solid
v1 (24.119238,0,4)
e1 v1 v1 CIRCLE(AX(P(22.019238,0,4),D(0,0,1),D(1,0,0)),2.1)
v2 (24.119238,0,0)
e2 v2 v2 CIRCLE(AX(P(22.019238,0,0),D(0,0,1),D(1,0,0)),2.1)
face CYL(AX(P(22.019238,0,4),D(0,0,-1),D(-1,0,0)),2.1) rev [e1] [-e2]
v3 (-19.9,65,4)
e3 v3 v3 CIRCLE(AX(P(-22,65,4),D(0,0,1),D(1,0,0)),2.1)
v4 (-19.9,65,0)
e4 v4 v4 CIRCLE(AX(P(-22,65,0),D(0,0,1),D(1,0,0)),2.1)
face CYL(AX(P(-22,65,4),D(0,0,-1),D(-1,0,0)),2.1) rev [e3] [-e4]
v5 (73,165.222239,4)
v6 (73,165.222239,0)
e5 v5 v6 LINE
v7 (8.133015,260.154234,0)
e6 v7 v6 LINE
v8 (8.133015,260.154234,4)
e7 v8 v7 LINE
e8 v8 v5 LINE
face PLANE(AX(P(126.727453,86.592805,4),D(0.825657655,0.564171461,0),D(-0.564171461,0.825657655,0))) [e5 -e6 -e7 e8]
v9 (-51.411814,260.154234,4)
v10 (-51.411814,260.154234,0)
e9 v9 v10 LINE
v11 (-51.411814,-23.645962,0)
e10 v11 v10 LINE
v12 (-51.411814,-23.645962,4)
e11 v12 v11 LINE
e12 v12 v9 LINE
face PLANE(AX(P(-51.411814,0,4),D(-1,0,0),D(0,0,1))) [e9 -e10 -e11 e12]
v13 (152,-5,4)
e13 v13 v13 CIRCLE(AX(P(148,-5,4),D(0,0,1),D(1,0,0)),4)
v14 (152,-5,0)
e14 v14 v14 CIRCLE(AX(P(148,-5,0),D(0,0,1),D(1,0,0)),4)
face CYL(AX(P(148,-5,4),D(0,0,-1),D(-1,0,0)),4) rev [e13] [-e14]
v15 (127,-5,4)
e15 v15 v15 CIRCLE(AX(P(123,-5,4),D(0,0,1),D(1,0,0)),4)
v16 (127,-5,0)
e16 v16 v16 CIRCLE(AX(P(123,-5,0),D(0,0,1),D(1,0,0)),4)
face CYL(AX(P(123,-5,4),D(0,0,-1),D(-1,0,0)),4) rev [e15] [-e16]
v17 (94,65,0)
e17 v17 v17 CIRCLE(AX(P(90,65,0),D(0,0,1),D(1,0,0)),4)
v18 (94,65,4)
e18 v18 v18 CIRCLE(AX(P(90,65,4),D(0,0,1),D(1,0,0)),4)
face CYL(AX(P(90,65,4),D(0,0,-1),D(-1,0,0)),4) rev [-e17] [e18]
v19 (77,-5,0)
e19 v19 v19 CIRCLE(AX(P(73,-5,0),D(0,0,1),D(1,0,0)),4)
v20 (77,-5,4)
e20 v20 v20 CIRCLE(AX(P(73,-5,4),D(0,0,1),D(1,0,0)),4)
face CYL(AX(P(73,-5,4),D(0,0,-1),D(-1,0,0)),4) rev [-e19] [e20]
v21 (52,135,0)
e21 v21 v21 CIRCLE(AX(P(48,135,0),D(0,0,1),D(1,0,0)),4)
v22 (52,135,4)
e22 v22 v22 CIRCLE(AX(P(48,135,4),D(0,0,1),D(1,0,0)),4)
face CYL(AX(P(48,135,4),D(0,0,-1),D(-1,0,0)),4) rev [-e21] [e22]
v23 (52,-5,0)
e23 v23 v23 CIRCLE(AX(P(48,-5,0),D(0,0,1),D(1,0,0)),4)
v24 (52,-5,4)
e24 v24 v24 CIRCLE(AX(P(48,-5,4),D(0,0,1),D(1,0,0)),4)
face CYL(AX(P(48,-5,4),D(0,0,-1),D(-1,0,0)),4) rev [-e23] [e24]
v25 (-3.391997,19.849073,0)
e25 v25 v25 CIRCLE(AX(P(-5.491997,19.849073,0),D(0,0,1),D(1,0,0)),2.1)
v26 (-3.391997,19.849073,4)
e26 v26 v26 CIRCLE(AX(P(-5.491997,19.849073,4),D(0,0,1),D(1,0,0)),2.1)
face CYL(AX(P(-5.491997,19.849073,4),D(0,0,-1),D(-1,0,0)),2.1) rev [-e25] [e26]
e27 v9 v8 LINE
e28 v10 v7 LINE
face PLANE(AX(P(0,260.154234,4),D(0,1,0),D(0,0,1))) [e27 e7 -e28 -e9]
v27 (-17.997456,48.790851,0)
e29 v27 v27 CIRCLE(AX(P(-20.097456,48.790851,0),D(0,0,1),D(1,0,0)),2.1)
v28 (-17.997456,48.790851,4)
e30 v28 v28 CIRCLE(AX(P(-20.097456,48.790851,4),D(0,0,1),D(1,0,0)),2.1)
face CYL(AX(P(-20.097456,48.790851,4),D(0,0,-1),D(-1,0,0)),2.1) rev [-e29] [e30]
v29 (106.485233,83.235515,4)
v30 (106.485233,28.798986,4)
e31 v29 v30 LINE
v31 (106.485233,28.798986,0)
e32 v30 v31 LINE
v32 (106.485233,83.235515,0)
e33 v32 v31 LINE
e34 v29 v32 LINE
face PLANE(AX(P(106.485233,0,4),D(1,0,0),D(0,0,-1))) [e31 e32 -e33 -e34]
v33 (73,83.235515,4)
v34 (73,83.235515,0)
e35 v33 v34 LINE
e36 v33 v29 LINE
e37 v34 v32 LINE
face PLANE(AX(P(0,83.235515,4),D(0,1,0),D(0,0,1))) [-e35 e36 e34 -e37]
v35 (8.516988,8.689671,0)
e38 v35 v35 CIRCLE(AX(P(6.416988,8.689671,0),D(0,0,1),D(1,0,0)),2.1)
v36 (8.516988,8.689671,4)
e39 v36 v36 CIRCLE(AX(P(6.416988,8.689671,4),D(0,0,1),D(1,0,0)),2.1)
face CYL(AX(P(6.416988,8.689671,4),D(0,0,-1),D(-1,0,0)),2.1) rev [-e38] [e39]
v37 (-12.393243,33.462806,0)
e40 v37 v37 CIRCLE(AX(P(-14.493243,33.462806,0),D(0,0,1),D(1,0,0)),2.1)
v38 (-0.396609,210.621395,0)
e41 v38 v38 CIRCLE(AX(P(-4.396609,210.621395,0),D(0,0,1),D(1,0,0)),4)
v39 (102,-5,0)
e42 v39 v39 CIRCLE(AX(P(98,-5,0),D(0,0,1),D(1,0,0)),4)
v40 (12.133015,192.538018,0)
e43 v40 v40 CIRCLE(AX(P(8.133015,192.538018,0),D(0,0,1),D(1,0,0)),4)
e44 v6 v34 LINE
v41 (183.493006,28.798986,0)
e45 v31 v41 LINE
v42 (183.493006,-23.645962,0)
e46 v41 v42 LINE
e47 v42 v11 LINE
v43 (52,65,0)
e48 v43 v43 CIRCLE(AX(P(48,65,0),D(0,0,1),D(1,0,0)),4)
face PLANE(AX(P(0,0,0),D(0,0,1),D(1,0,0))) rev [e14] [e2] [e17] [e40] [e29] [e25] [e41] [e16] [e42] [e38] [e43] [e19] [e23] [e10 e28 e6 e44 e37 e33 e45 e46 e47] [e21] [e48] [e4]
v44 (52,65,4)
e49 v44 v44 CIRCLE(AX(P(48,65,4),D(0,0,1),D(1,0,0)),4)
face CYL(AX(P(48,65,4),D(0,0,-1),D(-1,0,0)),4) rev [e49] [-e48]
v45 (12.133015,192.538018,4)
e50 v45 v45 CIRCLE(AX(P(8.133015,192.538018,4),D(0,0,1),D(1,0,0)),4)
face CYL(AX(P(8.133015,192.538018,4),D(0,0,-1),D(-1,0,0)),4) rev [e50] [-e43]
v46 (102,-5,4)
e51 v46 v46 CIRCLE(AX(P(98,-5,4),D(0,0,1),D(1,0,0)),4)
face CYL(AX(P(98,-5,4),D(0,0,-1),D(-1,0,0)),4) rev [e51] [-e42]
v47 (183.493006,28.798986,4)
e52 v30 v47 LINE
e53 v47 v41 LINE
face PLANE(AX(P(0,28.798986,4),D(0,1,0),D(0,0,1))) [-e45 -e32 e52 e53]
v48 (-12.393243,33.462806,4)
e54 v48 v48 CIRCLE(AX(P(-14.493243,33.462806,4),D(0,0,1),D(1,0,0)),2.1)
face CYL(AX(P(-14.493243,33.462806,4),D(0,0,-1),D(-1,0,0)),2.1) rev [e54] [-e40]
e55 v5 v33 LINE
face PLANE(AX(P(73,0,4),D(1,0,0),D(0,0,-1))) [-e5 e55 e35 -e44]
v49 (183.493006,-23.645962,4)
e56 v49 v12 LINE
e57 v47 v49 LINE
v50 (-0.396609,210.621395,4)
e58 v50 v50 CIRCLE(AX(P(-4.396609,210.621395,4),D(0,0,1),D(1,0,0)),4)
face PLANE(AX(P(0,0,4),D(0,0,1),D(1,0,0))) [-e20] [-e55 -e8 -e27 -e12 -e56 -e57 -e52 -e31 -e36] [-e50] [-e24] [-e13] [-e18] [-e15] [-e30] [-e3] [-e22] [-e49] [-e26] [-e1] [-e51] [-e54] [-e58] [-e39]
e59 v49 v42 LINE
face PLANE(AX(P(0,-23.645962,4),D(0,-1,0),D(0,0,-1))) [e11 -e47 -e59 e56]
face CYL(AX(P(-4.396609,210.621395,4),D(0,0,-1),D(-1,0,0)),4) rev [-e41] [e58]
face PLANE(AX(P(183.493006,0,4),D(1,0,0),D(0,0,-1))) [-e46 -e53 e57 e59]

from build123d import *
from build123d.topology import SkipClean

# Parameters (mm, degrees)
SKETCH_2_R          = 2.1
SKETCH_2_R_2        = 4
EXTRUDE_2_DEPTH     = 4
SKETCH_2_4_R        = 2.1
SKETCH_2_4_R_2      = 4
CUT_EXTRUDE_1_DEPTH = 15


with BuildPart() as part:
    # 草图2 → 凸台-拉伸2 (new body)
    with BuildSketch(Plane.XY):
        Polygon((-51.411814067, -23.645961981), (183.493005706, -23.645961981), (183.493005706, 28.798986499), (106.485233254, 28.798986499), (106.485233254, 83.235515302), (73, 83.235515302), (73, 165.222238559), (8.133015227, 260.154233909), (-51.411814067, 260.154233909), align=None)
        with Locations((6.416988046, 8.689671313)):
            Circle(SKETCH_2_R, mode=Mode.SUBTRACT)
        with Locations((-5.491997211, 19.849072718)):
            Circle(SKETCH_2_R, mode=Mode.SUBTRACT)
        with Locations((-14.493242982, 33.462806377)):
            Circle(SKETCH_2_R, mode=Mode.SUBTRACT)
        with BuildLine():
            Line((24.119237886, 0), (22.019237886, 0))
            ThreePointArc((22.019237886, 0), (22.997160887, -0.38239852), (23.980709842, -0.750085173))
            ThreePointArc((23.980709842, -0.750085173), (19.954160272, 0.381384906), (24.119237886, 0))
        make_face(mode=Mode.SUBTRACT)
        with BuildLine():
            ThreePointArc((52, -5), (47.94285131, -8.999591733), (44.001632986, -4.885714286))
            ThreePointArc((44.001632986, -4.885714286), (46, -4.971422738), (48, -5))
            Line((48, -5), (52, -5))
        make_face(mode=Mode.SUBTRACT)
        with Locations((-22, 65)):
            Circle(SKETCH_2_R, mode=Mode.SUBTRACT)
        with Locations((-20.097455932, 48.790851483)):
            Circle(SKETCH_2_R, mode=Mode.SUBTRACT)
        with Locations((48, 65)):
            Circle(SKETCH_2_R_2, mode=Mode.SUBTRACT)
        with BuildLine():
            ThreePointArc((77, -5), (73, -9), (69, -5))
            Line((69, -5), (77, -5))
        make_face(mode=Mode.SUBTRACT)
        with BuildLine():
            ThreePointArc((102, -5), (98, -9), (94, -5))
            Line((94, -5), (102, -5))
        make_face(mode=Mode.SUBTRACT)
        with BuildLine():
            ThreePointArc((127, -5), (123, -9), (119, -5))
            Line((119, -5), (127, -5))
        make_face(mode=Mode.SUBTRACT)
        with Locations((148, -5)):
            Circle(SKETCH_2_R_2, mode=Mode.SUBTRACT)
        with Locations((90, 65)):
            Circle(SKETCH_2_R_2, mode=Mode.SUBTRACT)
        with Locations((48, 135)):
            Circle(SKETCH_2_R_2, mode=Mode.SUBTRACT)
        with BuildLine():
            ThreePointArc((-2.118495143, 207.333508449), (-7.684495307, 208.343281781), (-6.674721974, 213.909281945))
            ThreePointArc((-6.674721974, 213.909281945), (-1.108721811, 212.899508613), (-2.118495143, 207.333508449))
        make_face(mode=Mode.SUBTRACT)
        with Locations((8.133015227, 192.538018085)):
            Circle(SKETCH_2_R_2, mode=Mode.SUBTRACT)
    extrude(amount=EXTRUDE_2_DEPTH)

    # 草图2<4> → 切除-拉伸1 (cut, symmetric)
    with SkipClean():  # the faces are left unmerged after this step: merging them gives an invalid solid
        with BuildSketch(Plane.XY):
            with Locations((6.416988046, 8.689671313)):
                Circle(SKETCH_2_4_R)
            with Locations((-22, 65)):
                Circle(SKETCH_2_4_R)
            with Locations((-14.493242982, 33.462806377)):
                Circle(SKETCH_2_4_R)
            with Locations((22.019237886, 0)):
                Circle(SKETCH_2_4_R)
            with Locations((-20.097455932, 48.790851483)):
                Circle(SKETCH_2_4_R)
            with Locations((-5.491997211, 19.849072718)):
                Circle(SKETCH_2_4_R)
            with Locations((48, -5)):
                Circle(SKETCH_2_4_R_2)
            with Locations((148, -5)):
                Circle(SKETCH_2_4_R_2)
            with Locations((98, -5)):
                Circle(SKETCH_2_4_R_2)
            with Locations((73, -5)):
                Circle(SKETCH_2_4_R_2)
            with Locations((123, -5)):
                Circle(SKETCH_2_4_R_2)
        extrude(amount=CUT_EXTRUDE_1_DEPTH, both=True, mode=Mode.SUBTRACT)


solid = part.part
